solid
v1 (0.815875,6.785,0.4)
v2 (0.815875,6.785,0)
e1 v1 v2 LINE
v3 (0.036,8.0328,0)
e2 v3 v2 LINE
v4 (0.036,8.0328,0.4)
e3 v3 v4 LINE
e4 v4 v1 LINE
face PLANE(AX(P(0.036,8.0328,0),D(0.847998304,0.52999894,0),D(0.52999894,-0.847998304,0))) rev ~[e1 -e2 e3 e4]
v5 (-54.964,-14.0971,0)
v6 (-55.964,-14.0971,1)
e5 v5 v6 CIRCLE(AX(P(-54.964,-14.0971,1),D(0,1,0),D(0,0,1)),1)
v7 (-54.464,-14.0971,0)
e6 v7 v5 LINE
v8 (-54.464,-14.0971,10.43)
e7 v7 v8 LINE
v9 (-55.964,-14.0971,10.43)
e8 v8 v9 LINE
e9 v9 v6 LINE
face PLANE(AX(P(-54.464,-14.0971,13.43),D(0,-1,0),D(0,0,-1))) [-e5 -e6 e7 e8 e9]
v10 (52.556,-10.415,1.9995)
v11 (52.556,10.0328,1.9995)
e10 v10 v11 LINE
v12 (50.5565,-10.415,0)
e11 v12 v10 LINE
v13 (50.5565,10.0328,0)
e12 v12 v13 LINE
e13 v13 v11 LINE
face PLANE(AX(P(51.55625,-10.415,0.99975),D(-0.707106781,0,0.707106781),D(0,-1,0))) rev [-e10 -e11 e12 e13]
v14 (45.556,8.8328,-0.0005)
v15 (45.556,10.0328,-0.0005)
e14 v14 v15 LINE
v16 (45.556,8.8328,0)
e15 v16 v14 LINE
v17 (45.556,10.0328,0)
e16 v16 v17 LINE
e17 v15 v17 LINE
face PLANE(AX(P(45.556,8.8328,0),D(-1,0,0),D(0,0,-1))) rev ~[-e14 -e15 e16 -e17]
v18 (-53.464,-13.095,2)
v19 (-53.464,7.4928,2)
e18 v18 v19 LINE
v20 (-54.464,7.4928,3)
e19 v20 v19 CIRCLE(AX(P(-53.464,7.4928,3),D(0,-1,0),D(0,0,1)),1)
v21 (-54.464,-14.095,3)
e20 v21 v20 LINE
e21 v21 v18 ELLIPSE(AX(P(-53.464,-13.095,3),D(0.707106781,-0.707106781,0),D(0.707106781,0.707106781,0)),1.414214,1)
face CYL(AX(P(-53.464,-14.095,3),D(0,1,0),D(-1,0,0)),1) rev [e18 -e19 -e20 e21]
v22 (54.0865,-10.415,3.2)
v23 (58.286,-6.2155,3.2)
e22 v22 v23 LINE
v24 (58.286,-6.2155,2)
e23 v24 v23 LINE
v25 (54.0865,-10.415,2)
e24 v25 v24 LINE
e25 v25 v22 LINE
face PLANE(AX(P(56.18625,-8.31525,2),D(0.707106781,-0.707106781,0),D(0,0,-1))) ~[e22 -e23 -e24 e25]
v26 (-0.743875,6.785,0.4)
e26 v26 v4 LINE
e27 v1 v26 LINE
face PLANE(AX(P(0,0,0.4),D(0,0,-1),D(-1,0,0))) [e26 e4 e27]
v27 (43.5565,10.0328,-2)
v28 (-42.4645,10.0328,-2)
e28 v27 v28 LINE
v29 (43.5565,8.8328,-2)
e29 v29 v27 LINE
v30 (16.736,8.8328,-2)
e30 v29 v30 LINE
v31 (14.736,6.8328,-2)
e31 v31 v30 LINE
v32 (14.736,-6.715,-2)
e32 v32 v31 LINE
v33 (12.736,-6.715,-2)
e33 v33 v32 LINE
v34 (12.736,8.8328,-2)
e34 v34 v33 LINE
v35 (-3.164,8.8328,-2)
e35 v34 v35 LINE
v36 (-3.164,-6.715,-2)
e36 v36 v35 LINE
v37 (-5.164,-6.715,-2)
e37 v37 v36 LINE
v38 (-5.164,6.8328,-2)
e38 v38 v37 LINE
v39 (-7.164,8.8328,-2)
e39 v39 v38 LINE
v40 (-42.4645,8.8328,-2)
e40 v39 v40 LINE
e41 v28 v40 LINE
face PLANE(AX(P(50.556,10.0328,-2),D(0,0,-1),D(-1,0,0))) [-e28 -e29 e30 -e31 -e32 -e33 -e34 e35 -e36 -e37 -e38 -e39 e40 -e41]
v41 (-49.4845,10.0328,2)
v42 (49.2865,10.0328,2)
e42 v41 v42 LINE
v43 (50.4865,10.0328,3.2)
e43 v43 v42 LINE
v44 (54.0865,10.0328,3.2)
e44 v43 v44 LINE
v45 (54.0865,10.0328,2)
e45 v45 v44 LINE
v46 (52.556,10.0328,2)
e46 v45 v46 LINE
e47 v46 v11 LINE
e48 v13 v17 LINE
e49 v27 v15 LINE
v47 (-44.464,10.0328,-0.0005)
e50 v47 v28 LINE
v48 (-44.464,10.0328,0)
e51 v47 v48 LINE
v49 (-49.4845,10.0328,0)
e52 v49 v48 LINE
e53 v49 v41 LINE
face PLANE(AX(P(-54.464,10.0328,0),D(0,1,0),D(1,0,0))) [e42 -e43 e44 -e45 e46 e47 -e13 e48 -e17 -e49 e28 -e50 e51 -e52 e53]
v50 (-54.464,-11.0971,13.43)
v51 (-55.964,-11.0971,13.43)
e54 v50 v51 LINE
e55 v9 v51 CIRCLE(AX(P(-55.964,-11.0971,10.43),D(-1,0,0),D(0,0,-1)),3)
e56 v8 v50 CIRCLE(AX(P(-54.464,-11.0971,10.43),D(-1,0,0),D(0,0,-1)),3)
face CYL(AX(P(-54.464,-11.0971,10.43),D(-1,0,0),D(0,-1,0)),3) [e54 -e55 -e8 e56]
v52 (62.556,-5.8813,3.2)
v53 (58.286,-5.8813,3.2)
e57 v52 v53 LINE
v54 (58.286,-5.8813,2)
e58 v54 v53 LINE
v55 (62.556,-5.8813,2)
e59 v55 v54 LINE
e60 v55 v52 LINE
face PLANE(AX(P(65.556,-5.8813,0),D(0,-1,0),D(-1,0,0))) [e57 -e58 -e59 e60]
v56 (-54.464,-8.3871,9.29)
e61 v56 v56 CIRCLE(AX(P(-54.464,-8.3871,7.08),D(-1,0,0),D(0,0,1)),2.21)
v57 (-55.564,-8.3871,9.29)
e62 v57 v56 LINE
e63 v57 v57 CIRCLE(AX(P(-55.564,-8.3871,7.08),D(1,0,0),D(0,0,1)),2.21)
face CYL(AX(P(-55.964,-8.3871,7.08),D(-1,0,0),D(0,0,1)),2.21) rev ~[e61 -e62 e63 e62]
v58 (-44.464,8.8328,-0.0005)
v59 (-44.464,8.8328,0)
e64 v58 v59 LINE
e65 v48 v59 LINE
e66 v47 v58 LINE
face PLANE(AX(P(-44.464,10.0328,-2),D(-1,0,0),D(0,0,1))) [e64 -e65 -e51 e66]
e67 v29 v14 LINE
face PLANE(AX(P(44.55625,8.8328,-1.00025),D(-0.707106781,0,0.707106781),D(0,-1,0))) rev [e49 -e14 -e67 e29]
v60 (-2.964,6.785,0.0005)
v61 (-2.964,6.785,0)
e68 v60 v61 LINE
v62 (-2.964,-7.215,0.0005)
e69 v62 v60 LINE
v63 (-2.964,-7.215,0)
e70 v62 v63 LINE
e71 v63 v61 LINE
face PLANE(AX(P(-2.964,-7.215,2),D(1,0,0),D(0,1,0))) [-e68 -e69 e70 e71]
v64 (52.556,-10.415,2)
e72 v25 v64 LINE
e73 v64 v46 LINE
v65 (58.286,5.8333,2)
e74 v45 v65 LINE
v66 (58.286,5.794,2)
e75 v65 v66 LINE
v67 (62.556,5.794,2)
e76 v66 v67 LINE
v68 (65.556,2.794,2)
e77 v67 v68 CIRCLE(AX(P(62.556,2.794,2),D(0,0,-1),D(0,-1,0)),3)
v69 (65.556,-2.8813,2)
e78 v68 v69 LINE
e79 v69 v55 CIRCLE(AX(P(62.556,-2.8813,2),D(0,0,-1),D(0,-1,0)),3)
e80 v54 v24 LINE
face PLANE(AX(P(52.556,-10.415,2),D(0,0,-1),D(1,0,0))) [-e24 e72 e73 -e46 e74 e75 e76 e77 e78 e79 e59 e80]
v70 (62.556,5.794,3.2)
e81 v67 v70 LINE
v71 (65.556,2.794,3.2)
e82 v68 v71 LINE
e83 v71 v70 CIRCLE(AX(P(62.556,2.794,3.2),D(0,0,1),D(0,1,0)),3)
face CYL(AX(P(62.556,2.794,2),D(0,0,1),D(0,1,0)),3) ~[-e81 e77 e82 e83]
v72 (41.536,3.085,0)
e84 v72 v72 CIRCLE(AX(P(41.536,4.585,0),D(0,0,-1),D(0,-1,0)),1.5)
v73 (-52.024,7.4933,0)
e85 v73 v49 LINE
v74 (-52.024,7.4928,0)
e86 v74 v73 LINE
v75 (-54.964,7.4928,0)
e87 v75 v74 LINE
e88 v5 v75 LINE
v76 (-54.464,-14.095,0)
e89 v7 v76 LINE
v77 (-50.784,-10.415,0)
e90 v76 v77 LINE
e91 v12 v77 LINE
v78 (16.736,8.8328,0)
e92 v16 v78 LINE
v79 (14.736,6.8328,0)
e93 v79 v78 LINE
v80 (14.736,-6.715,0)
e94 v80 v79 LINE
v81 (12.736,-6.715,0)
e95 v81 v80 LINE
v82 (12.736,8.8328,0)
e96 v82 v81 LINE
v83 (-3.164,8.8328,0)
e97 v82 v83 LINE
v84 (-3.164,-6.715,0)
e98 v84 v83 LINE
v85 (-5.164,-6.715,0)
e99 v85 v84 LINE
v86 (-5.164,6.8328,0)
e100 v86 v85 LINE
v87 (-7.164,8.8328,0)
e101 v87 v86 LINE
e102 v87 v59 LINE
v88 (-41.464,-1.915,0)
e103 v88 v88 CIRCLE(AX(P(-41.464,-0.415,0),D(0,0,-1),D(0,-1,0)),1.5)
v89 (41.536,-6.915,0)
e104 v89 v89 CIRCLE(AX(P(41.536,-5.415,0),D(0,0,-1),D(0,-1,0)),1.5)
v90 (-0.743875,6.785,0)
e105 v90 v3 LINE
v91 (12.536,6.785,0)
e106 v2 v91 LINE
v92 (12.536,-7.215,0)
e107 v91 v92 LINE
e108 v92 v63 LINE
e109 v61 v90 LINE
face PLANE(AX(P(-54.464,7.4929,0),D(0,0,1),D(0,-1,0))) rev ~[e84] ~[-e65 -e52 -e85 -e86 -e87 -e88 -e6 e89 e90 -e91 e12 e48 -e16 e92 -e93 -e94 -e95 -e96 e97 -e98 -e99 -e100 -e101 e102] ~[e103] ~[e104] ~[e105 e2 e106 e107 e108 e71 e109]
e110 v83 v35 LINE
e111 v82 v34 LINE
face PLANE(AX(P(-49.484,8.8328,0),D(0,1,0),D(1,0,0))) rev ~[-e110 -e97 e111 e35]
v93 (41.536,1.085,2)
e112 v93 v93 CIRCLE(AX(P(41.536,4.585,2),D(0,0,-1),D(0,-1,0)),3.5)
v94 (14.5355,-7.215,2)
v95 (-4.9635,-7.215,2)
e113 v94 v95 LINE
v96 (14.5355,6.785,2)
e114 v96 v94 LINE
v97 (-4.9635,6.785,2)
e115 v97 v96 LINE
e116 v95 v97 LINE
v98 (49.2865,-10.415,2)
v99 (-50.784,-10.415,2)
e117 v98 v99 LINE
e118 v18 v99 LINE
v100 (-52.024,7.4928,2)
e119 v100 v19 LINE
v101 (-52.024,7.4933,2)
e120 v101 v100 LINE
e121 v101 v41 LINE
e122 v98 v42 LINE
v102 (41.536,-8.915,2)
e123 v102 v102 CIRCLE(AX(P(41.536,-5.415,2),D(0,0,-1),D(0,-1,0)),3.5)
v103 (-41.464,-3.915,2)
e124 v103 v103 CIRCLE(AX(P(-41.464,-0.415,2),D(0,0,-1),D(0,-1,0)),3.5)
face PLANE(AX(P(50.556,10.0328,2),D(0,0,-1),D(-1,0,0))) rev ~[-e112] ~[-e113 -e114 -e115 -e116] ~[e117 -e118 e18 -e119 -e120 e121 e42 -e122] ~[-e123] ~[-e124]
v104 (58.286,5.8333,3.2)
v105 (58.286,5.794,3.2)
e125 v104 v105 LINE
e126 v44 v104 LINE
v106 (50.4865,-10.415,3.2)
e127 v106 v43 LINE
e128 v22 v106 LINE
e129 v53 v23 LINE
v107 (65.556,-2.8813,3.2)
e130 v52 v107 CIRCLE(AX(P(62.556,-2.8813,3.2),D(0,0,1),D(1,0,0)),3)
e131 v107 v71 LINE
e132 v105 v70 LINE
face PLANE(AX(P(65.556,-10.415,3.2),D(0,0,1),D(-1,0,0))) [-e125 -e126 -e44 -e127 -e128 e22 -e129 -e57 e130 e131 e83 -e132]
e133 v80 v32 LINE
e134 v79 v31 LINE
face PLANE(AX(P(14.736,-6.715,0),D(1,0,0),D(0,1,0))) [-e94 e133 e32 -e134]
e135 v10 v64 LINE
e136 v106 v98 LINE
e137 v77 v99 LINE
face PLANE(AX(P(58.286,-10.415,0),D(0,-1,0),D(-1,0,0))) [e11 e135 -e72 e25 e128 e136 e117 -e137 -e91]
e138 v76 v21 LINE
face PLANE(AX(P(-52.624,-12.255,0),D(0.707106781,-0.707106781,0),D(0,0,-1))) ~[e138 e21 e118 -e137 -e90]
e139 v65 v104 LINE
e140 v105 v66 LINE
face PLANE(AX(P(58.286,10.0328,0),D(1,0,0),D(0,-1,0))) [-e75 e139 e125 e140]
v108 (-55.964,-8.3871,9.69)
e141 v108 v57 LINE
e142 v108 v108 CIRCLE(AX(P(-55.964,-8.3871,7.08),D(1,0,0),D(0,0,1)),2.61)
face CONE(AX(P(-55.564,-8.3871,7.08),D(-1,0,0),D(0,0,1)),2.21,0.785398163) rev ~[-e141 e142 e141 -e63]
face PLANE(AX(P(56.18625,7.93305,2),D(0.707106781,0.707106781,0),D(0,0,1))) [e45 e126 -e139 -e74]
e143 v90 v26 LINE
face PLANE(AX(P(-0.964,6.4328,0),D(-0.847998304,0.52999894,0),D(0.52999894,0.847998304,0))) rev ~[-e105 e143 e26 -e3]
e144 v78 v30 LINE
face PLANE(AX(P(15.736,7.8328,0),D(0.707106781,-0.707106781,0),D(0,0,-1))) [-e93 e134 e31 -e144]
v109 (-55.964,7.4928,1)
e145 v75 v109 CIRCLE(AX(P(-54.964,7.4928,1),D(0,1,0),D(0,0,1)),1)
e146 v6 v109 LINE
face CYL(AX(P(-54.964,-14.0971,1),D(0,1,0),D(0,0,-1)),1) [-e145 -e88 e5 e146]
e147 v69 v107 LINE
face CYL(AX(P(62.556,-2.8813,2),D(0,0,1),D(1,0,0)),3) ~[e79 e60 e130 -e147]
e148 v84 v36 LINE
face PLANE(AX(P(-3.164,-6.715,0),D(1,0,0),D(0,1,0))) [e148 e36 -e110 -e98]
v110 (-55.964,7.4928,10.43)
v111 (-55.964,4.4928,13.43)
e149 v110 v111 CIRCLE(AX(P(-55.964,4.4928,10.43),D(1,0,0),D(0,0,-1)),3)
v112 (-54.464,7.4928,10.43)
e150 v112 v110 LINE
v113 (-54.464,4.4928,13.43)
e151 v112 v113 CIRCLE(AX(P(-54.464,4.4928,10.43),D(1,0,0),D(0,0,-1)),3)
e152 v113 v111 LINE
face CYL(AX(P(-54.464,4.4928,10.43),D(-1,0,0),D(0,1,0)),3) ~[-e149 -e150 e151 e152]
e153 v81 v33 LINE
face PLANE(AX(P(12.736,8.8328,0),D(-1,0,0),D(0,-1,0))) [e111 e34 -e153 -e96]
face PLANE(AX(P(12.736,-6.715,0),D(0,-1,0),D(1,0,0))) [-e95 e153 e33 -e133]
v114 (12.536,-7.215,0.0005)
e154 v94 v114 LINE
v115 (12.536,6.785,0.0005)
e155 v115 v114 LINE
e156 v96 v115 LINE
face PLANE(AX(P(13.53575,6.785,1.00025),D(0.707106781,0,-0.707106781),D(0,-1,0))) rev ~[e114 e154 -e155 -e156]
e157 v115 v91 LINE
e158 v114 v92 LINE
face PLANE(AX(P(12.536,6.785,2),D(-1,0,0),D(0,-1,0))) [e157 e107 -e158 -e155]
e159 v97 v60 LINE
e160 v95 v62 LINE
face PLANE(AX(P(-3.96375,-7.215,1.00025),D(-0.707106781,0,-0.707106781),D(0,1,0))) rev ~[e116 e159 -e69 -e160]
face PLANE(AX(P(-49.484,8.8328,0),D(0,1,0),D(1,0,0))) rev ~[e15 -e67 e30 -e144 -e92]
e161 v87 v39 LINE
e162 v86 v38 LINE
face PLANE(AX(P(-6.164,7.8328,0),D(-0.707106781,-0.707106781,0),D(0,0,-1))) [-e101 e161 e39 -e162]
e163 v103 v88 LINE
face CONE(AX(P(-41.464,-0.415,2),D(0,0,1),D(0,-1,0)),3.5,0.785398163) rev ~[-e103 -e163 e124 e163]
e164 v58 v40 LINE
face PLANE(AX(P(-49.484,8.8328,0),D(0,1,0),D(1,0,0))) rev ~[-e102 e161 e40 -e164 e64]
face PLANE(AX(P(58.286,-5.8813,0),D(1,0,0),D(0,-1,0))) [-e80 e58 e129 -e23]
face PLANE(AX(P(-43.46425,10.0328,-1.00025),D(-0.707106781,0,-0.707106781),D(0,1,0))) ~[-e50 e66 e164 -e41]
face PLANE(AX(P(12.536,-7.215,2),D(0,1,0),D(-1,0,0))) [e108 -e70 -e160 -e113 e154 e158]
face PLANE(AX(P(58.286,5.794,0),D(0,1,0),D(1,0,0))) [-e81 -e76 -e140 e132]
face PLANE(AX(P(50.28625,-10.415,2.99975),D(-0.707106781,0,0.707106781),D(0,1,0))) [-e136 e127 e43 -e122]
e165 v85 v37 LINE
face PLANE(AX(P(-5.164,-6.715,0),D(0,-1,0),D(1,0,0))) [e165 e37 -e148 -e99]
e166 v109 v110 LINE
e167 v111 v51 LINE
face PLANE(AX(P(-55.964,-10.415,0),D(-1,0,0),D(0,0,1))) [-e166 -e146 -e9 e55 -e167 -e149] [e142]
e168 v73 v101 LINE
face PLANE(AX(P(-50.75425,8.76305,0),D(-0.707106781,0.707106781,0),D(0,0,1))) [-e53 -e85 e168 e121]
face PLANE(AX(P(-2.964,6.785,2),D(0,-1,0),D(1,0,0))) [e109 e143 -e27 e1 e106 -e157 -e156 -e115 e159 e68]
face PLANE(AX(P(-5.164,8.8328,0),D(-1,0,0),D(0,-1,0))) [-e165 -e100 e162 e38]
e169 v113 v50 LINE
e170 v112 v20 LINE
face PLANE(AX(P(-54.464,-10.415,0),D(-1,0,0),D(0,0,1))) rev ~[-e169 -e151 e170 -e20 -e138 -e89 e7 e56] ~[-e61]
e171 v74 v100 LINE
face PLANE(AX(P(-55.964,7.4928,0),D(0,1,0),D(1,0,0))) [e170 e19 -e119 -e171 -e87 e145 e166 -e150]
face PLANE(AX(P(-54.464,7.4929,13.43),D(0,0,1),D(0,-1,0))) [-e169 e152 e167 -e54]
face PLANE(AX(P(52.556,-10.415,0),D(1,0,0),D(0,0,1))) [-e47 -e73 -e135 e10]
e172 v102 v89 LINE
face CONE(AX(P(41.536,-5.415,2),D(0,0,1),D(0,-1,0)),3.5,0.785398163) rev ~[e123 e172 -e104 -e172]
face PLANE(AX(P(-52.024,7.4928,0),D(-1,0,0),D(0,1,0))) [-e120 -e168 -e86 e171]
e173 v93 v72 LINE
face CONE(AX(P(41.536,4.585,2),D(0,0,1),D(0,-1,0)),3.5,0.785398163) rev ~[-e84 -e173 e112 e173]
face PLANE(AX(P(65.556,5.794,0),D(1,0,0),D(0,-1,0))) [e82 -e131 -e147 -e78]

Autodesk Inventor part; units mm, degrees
ref_plane "YZ Plane" through (0, 0, 0) normal (1, 0, 0) x (0, 1, 0)
ref_plane "XZ Plane" through (0, 0, 0) normal (0, 1, 0) x (-1, 0, 0)
ref_plane "XY Plane" through (0, 0, 0) normal (0, 0, 1) x (1, 0, 0)
sketch "Sketch1" plane through (0, 0, 0) normal (0, 0, 1) x (1, 0, 0)
  line L0 (-54.464, 10.0328) -> (58.286, 10.0328)
  line L1 (58.286, 10.0328) -> (58.286, -10.415)
  line L2 (58.286, -10.415) -> (-54.464, -10.415)
  line L3 (-54.464, -10.415) -> (-54.464, 10.0328)
  line L4 (58.286, 5.794) -> (65.556, 5.794)
  line L5 (65.556, 5.794) -> (65.556, -5.8813)
  line L6 (65.556, -5.8813) -> (58.286, -5.8813)
  line L7 (58.286, -5.8813) -> (58.286, 5.794)
  point P0 (0, 0)
  dimension "d0" = 112.75
  dimension "d1" = 120.02
extrude "Extrusion1" add sketch "Sketch1" along normal blind 2
chamfer "Chamfer1" distance 4.2 angle 45 2 edges at (58.286, 10.0328, 1) (58.286, -10.415, 1)
fillet "Fillet1" radius 2 2 edges at (65.556, 5.794, 1) (65.556, -5.8813, 1)
sketch "Sketch3" plane through (-54.464, -10.415, 0) normal (-1, 0, 0) x (0, 0, 1)
  line L0 (0, 20.4479) -> (0, 0) projected
  line L1 (0, 17.9079) -> (13.43, 17.9079)
  line L2 (13.43, 17.9079) -> (13.43, -3.6821)
  line L3 (13.43, -3.6821) -> (0, -3.6821)
  line L4 (0, -3.6821) -> (0, 17.9079)
  line L5 (0, 20.4479) -> (2, 20.4479) projected
  line L6 (2, 20.4479) -> (2, 0) projected
  point P0 (0, 10.415)
  dimension "d14" = 2.54
  dimension "d15" = 21.59
  dimension "d16" = 11.43
extrude "Extrusion3" add sketch "Sketch3" along normal blind 1.5 contours L1 L2 L3 L4 L0
sketch "Sketch4" plane through (0, 0, 0) normal (0, 0, -1) x (-1, 0, 0)
  line L0 (55.964, -14.0972) -> (55.964, 7.4928) projected
  line L1 (-54.086, 10.0328) -> (54.464, 10.0328) projected
  line L2 (55.964, 7.4928) -> (52.024, 7.4928)
  line L3 (52.024, 7.4928) -> (52.024, 10.0328)
  line L4 (52.024, 10.0328) -> (55.964, 10.0328)
  line L5 (55.964, 10.0328) -> (55.964, 7.4928)
  point P0 (0, 0)
  point P1 (-30.556, 10.0328)
  dimension "d19" = 3.94
extrude "Extrusion4" cut sketch "Sketch4" against normal blind 20
chamfer "Chamfer3" distance 2.54 angle 45 1 edges at (-52.024, 10.0328, 1)
chamfer "Chamfer4" distance 3.68 angle 45 1 edges at (-54.464, -10.415, 1)
fillet "Fillet2" radius 3 2 edges at (-55.214, 7.4928, 13.43) (-55.214, -14.0972, 13.43)
sketch "Sketch5" plane through (-55.964, -10.415, 0) normal (-1, 0, 0) x (0, 0, 1)
  circle A0 centre (7.08, 2.0279) radius 2.21
  line L0 (0, -3.6821) -> (10.43, -3.6821) projected
  line L1 (9.29, 2.0279) -> (4.87, 2.0279)
  line L2 (4.87, 2.0279) -> (4.87, -3.6821)
  line L3 (4.87, -3.6821) -> (9.29, -3.6821)
  line L4 (9.29, -3.6821) -> (9.29, 2.0279)
  line L5 (2, 20.4479) -> (0, 20.4479) projected
  line L6 (2, 17.9079) -> (2, 20.4479) projected
  point P0 (0, 10.415)
  point P1 (7.08, 2.0279)
  point P2 (9.29, -3.6821)
  point P3 (4.87, 2.0279)
  dimension "d29" = 4.42
  dimension "d30" = 18.42
  dimension "d31" = 5.08
  dimension "d32" = 5.08
  dimension "d33" = 4.42
extrude "Extrusion5" cut sketch "Sketch5" against normal blind 2
fillet "Fillet3" radius 1 1 edges at (-54.464, -3.3011, 2)
fillet "Fillet4" radius 1 1 edges at (-55.964, -3.3022, 0)
sketch "Sketch13" plane through (0, 0, 0) normal (0, 0, -1) x (-1, 0, 0)
  line L0 (-1.036, 6.4328) -> (0.964, 6.4328)
  line L1 (0.964, 6.4328) -> (-0.036, 8.0328)
  line L2 (-0.036, 8.0328) -> (-1.036, 6.4328)
  line L3 (-54.086, 10.0328) -> (49.484, 10.0328) projected
  line L4 (54.964, 7.4928) -> (54.964, -14.0972) projected
  point P0 (0, 0)
  point P1 (-30.556, 10.0328)
  dimension "d84" = 2
  dimension "d85" = 1.6
  dimension "d86" = 1
  dimension "d87" = 2
  dimension "d88" = 55
extrude "Extrusion12" cut sketch "Sketch13" against normal blind 0.4
sketch "Sketch14" plane through (0, 0, 2) normal (0, 0, 1) x (1, 0, 0)
  line L0 (-54.464, -11.0972) -> (-54.464, 4.4928) projected
  line L1 (-50.784, -10.415) -> (54.086, -10.415) projected
  line L2 (54.086, 10.0328) -> (-49.484, 10.0328) projected
  point P0 (0, 0)
  point P1 (-41.464, -0.415)
  point P2 (41.536, -5.415)
  point P3 (41.536, 4.585)
  dimension "d91" = 13
  dimension "d92" = 10
  dimension "d93" = 96
  dimension "d94" = 96
  dimension "d95" = 15
  dimension "d96" = 5
  dimension "d97" = 5.4479
hole "Hole2" at (-41.464, -0.415, 2) at (41.536, -5.415, 2) at (41.536, 4.585, 2) direction (0, 0, -1) diameter 3 depth 5 tip angle 118 countersink diameter 7 countersink angle 90
sketch "Sketch17" plane through (-49.484, 10.0328, 0) normal (0, 1, 0) x (1, 0, 0)
  line L0 (103.57, -2) -> (0, -2) projected
  line L1 (5.02, -2) -> (100.04, -2)
  line L2 (100.04, -2) -> (100.04, 2)
  line L3 (100.04, 2) -> (5.02, 2)
  line L4 (5.02, 2) -> (5.02, -2)
  line L5 (-4.98, -10.43) -> (-4.98, -3) projected
  line L6 (115.04, -2) -> (115.04, 0) projected
  point P0 (49.484, 0)
  dimension "d114" = 4
  dimension "d115" = 10
  dimension "d116" = 15
extrude "Extrusion14" add sketch "Sketch17" against normal blind 1.2
chamfer "Chamfer8" distance 2 angle 45 2 edges at (-44.464, 9.4328, -2) (50.556, 9.4328, -2)
sketch "Sketch18" plane through (0, 0, 2) normal (0, 0, 1) x (1, 0, 0)
  line L0 (-2.964, 6.785) -> (12.536, 6.785)
  line L1 (12.536, 6.785) -> (12.536, -7.215)
  line L2 (12.536, -7.215) -> (-2.964, -7.215)
  line L3 (-2.964, -7.215) -> (-2.964, 6.785)
  circle A0 centre (41.536, 4.585) radius 1.5 projected
  line L4 (-50.784, -10.415) -> (54.086, -10.415) projected
  point P0 (0, 0)
  dimension "d122" = 29
  dimension "d123" = 44.5
  dimension "d124" = 3.2
  dimension "d125" = 14
extrude "Extrusion15" cut sketch "Sketch18" against normal blind 2 contours L0 L1 L2 L3
sketch "Sketch20" plane through (0, 0, 2) normal (0, 0, 1) x (1, 0, 0)
  line L0 (65.556, -5.8813) -> (58.286, -5.8813)
  line L1 (58.286, -5.8813) -> (58.286, 5.794)
  line L2 (58.286, 5.794) -> (65.556, 5.794)
  line L3 (65.556, 5.794) -> (65.556, -5.8813)
  line L4 (58.286, -10.415) -> (51.286, -10.415)
  line L5 (51.286, -10.415) -> (51.286, 10.0328)
  line L6 (51.286, 10.0328) -> (58.286, 10.0328)
  line L7 (58.286, 10.0328) -> (58.286, -10.415)
  line L8 (65.556, -3.8813) -> (65.556, 3.794) projected
  line L9 (58.286, -5.8813) -> (63.556, -5.8813) projected
  line L10 (63.556, 5.794) -> (58.286, 5.794) projected
  line L11 (54.086, 10.0328) -> (-49.484, 10.0328) projected
  line L12 (-50.784, -10.415) -> (54.086, -10.415) projected
  line L13 (58.286, -6.215) -> (58.286, -5.8813) projected
  point P0 (0, 0)
  dimension "d136" = 7
extrude "Extrusion17" add sketch "Sketch20" along normal blind 2
chamfer "Chamfer11" distance 4.2 angle 45 2 edges at (58.286, -10.415, 3) (58.286, 10.0328, 3)
chamfer "Chamfer12" distance 2 angle 45 1 edges at (51.286, -0.1911, 2)
sketch "Sketch21" plane through (-50.784, -10.415, 0) normal (0, -1, 0) x (1, 0, 0)
  line L0 (116.34, 0) -> (114.34, 0) projected
  line L1 (116.34, 0) -> (103.34, 0)
  line L2 (103.34, 0) -> (103.34, 2)
  line L3 (103.34, 2) -> (116.34, 2)
  line L4 (116.34, 2) -> (116.34, 0)
  line L5 (114.34, 2) -> (116.34, 2) projected
  line L6 (104.87, 0) -> (101.34, 0) projected
  point P0 (50.784, 0)
  dimension "d145" = 2
extrude "Extrusion18" cut sketch "Sketch21" against normal blind 200
chamfer "Chamfer13" distance 2 angle 45 1 edges at (52.556, -0.1911, 0)
fillet "Fillet10" radius 3 2 edges at (65.556, -5.8813, 3) (65.556, 5.794, 3)
sketch "Sketch22" plane through (-50.784, -10.415, 0) normal (0, -1, 0) x (1, 0, 0)
  line L0 (101.14, 4) -> (116.34, 4)
  line L1 (116.34, 4) -> (116.34, 3.2)
  line L2 (116.34, 3.2) -> (101.14, 3.2)
  line L3 (101.14, 3.2) -> (101.14, 4)
  line L4 (102.07, 4) -> (104.87, 4) projected
  line L5 (116.34, 2) -> (116.34, 4) projected
  point P0 (50.784, 0)
  dimension "d152" = 15.2
  dimension "d153" = 0.8
extrude "Extrusion19" cut sketch "Sketch22" against normal blind 200
sketch "Sketch23" plane through (-49.484, 8.8328, 0) normal (0, -1, 0) x (1, 0, 0)
  line L0 (5.02, 0) -> (100.04, 0) projected
  line L1 (7.02, -2) -> (98.04, -2) projected
  line L2 (100.04, 0) -> (95.04, 0)
  line L3 (95.04, 0) -> (95.04, -2)
  line L4 (95.04, -2) -> (100.04, -2)
  line L5 (100.04, -2) -> (100.04, 0)
  point P0 (49.484, 0)
  dimension "d156" = 5
extrude "Extrusion20" cut sketch "Sketch23" against normal blind 10
chamfer "Chamfer14" distance 2 angle 45 1 edges at (45.556, 9.4328, -2)
sketch "Sketch24" plane through (-55.964, -10.415, 0) normal (-1, 0, 0) x (0, 0, 1)
  arc A0 (9.29, 2.0279) -> (4.87, 2.0279) centre (7.08, 2.0279) ccw projected
  circle A1 centre (7.08, 2.0279) radius 2.21
  line L0 (4.87, -3.6821) -> (4.87, 2.0279) projected
  line L1 (9.29, 2.0279) -> (9.29, -3.6821) projected
  line L2 (4.87, -3.6821) -> (9.29, -3.6821)
  line L3 (9.29, -3.6821) -> (9.29, -0.6821)
  line L4 (9.29, -0.6821) -> (4.87, -0.6821)
  line L5 (4.87, -0.6821) -> (4.87, -3.6821)
  point P0 (0, 10.415)
  point P1 (9.29, 2.0279)
  point P2 (4.87, 2.0279)
  dimension "d162" = 3
extrude "Extrusion21" add sketch "Sketch24" against normal blind 1.5 contours L1 L4 L0 A1 | L1 L2 L0 L4
chamfer "Chamfer15" distance 0.4 angle 45 1 edges at (-55.964, -8.3872, 4.87)
chamfer "Chamfer16" distance 2 angle 45 2 edges at (12.536, -0.215, 2) (-2.964, -0.215, 2)
sketch "Sketch26" plane through (0, 0, 0) normal (0, 0, -1) x (-1, 0, 0)
  line L0 (44.464, 8.8328) -> (-45.556, 8.8328) projected
  line L1 (-14.736, 8.8328) -> (-12.736, 8.8328)
  line L2 (-12.736, 8.8328) -> (-12.736, -6.715)
  line L3 (-12.736, -6.715) -> (-14.736, -6.715)
  line L4 (-14.736, -6.715) -> (-14.736, 8.8328)
  line L5 (3.164, 8.8328) -> (5.164, 8.8328)
  line L6 (5.164, 8.8328) -> (5.164, -6.715)
  line L7 (5.164, -6.715) -> (3.164, -6.715)
  line L8 (3.164, -6.715) -> (3.164, 8.8328)
  line L9 (-12.536, -7.215) -> (-12.536, 6.785) projected
  line L10 (2.964, 6.785) -> (2.964, -7.215) projected
  line L11 (2.964, -7.215) -> (-12.536, -7.215) projected
  point P0 (0, 0)
  dimension "d175" = 0.2
  dimension "d176" = 0.2
  dimension "d177" = 2
  dimension "d178" = 2
  dimension "d179" = 0.5
  dimension "d180" = 0.5
extrude "Extrusion23" add sketch "Sketch26" along normal blind 2
chamfer "Chamfer17" distance 2 angle 45 2 edges at (14.736, 8.8328, -1) (-5.164, 8.8328, -1)
properties part number "pcie-bracket"
